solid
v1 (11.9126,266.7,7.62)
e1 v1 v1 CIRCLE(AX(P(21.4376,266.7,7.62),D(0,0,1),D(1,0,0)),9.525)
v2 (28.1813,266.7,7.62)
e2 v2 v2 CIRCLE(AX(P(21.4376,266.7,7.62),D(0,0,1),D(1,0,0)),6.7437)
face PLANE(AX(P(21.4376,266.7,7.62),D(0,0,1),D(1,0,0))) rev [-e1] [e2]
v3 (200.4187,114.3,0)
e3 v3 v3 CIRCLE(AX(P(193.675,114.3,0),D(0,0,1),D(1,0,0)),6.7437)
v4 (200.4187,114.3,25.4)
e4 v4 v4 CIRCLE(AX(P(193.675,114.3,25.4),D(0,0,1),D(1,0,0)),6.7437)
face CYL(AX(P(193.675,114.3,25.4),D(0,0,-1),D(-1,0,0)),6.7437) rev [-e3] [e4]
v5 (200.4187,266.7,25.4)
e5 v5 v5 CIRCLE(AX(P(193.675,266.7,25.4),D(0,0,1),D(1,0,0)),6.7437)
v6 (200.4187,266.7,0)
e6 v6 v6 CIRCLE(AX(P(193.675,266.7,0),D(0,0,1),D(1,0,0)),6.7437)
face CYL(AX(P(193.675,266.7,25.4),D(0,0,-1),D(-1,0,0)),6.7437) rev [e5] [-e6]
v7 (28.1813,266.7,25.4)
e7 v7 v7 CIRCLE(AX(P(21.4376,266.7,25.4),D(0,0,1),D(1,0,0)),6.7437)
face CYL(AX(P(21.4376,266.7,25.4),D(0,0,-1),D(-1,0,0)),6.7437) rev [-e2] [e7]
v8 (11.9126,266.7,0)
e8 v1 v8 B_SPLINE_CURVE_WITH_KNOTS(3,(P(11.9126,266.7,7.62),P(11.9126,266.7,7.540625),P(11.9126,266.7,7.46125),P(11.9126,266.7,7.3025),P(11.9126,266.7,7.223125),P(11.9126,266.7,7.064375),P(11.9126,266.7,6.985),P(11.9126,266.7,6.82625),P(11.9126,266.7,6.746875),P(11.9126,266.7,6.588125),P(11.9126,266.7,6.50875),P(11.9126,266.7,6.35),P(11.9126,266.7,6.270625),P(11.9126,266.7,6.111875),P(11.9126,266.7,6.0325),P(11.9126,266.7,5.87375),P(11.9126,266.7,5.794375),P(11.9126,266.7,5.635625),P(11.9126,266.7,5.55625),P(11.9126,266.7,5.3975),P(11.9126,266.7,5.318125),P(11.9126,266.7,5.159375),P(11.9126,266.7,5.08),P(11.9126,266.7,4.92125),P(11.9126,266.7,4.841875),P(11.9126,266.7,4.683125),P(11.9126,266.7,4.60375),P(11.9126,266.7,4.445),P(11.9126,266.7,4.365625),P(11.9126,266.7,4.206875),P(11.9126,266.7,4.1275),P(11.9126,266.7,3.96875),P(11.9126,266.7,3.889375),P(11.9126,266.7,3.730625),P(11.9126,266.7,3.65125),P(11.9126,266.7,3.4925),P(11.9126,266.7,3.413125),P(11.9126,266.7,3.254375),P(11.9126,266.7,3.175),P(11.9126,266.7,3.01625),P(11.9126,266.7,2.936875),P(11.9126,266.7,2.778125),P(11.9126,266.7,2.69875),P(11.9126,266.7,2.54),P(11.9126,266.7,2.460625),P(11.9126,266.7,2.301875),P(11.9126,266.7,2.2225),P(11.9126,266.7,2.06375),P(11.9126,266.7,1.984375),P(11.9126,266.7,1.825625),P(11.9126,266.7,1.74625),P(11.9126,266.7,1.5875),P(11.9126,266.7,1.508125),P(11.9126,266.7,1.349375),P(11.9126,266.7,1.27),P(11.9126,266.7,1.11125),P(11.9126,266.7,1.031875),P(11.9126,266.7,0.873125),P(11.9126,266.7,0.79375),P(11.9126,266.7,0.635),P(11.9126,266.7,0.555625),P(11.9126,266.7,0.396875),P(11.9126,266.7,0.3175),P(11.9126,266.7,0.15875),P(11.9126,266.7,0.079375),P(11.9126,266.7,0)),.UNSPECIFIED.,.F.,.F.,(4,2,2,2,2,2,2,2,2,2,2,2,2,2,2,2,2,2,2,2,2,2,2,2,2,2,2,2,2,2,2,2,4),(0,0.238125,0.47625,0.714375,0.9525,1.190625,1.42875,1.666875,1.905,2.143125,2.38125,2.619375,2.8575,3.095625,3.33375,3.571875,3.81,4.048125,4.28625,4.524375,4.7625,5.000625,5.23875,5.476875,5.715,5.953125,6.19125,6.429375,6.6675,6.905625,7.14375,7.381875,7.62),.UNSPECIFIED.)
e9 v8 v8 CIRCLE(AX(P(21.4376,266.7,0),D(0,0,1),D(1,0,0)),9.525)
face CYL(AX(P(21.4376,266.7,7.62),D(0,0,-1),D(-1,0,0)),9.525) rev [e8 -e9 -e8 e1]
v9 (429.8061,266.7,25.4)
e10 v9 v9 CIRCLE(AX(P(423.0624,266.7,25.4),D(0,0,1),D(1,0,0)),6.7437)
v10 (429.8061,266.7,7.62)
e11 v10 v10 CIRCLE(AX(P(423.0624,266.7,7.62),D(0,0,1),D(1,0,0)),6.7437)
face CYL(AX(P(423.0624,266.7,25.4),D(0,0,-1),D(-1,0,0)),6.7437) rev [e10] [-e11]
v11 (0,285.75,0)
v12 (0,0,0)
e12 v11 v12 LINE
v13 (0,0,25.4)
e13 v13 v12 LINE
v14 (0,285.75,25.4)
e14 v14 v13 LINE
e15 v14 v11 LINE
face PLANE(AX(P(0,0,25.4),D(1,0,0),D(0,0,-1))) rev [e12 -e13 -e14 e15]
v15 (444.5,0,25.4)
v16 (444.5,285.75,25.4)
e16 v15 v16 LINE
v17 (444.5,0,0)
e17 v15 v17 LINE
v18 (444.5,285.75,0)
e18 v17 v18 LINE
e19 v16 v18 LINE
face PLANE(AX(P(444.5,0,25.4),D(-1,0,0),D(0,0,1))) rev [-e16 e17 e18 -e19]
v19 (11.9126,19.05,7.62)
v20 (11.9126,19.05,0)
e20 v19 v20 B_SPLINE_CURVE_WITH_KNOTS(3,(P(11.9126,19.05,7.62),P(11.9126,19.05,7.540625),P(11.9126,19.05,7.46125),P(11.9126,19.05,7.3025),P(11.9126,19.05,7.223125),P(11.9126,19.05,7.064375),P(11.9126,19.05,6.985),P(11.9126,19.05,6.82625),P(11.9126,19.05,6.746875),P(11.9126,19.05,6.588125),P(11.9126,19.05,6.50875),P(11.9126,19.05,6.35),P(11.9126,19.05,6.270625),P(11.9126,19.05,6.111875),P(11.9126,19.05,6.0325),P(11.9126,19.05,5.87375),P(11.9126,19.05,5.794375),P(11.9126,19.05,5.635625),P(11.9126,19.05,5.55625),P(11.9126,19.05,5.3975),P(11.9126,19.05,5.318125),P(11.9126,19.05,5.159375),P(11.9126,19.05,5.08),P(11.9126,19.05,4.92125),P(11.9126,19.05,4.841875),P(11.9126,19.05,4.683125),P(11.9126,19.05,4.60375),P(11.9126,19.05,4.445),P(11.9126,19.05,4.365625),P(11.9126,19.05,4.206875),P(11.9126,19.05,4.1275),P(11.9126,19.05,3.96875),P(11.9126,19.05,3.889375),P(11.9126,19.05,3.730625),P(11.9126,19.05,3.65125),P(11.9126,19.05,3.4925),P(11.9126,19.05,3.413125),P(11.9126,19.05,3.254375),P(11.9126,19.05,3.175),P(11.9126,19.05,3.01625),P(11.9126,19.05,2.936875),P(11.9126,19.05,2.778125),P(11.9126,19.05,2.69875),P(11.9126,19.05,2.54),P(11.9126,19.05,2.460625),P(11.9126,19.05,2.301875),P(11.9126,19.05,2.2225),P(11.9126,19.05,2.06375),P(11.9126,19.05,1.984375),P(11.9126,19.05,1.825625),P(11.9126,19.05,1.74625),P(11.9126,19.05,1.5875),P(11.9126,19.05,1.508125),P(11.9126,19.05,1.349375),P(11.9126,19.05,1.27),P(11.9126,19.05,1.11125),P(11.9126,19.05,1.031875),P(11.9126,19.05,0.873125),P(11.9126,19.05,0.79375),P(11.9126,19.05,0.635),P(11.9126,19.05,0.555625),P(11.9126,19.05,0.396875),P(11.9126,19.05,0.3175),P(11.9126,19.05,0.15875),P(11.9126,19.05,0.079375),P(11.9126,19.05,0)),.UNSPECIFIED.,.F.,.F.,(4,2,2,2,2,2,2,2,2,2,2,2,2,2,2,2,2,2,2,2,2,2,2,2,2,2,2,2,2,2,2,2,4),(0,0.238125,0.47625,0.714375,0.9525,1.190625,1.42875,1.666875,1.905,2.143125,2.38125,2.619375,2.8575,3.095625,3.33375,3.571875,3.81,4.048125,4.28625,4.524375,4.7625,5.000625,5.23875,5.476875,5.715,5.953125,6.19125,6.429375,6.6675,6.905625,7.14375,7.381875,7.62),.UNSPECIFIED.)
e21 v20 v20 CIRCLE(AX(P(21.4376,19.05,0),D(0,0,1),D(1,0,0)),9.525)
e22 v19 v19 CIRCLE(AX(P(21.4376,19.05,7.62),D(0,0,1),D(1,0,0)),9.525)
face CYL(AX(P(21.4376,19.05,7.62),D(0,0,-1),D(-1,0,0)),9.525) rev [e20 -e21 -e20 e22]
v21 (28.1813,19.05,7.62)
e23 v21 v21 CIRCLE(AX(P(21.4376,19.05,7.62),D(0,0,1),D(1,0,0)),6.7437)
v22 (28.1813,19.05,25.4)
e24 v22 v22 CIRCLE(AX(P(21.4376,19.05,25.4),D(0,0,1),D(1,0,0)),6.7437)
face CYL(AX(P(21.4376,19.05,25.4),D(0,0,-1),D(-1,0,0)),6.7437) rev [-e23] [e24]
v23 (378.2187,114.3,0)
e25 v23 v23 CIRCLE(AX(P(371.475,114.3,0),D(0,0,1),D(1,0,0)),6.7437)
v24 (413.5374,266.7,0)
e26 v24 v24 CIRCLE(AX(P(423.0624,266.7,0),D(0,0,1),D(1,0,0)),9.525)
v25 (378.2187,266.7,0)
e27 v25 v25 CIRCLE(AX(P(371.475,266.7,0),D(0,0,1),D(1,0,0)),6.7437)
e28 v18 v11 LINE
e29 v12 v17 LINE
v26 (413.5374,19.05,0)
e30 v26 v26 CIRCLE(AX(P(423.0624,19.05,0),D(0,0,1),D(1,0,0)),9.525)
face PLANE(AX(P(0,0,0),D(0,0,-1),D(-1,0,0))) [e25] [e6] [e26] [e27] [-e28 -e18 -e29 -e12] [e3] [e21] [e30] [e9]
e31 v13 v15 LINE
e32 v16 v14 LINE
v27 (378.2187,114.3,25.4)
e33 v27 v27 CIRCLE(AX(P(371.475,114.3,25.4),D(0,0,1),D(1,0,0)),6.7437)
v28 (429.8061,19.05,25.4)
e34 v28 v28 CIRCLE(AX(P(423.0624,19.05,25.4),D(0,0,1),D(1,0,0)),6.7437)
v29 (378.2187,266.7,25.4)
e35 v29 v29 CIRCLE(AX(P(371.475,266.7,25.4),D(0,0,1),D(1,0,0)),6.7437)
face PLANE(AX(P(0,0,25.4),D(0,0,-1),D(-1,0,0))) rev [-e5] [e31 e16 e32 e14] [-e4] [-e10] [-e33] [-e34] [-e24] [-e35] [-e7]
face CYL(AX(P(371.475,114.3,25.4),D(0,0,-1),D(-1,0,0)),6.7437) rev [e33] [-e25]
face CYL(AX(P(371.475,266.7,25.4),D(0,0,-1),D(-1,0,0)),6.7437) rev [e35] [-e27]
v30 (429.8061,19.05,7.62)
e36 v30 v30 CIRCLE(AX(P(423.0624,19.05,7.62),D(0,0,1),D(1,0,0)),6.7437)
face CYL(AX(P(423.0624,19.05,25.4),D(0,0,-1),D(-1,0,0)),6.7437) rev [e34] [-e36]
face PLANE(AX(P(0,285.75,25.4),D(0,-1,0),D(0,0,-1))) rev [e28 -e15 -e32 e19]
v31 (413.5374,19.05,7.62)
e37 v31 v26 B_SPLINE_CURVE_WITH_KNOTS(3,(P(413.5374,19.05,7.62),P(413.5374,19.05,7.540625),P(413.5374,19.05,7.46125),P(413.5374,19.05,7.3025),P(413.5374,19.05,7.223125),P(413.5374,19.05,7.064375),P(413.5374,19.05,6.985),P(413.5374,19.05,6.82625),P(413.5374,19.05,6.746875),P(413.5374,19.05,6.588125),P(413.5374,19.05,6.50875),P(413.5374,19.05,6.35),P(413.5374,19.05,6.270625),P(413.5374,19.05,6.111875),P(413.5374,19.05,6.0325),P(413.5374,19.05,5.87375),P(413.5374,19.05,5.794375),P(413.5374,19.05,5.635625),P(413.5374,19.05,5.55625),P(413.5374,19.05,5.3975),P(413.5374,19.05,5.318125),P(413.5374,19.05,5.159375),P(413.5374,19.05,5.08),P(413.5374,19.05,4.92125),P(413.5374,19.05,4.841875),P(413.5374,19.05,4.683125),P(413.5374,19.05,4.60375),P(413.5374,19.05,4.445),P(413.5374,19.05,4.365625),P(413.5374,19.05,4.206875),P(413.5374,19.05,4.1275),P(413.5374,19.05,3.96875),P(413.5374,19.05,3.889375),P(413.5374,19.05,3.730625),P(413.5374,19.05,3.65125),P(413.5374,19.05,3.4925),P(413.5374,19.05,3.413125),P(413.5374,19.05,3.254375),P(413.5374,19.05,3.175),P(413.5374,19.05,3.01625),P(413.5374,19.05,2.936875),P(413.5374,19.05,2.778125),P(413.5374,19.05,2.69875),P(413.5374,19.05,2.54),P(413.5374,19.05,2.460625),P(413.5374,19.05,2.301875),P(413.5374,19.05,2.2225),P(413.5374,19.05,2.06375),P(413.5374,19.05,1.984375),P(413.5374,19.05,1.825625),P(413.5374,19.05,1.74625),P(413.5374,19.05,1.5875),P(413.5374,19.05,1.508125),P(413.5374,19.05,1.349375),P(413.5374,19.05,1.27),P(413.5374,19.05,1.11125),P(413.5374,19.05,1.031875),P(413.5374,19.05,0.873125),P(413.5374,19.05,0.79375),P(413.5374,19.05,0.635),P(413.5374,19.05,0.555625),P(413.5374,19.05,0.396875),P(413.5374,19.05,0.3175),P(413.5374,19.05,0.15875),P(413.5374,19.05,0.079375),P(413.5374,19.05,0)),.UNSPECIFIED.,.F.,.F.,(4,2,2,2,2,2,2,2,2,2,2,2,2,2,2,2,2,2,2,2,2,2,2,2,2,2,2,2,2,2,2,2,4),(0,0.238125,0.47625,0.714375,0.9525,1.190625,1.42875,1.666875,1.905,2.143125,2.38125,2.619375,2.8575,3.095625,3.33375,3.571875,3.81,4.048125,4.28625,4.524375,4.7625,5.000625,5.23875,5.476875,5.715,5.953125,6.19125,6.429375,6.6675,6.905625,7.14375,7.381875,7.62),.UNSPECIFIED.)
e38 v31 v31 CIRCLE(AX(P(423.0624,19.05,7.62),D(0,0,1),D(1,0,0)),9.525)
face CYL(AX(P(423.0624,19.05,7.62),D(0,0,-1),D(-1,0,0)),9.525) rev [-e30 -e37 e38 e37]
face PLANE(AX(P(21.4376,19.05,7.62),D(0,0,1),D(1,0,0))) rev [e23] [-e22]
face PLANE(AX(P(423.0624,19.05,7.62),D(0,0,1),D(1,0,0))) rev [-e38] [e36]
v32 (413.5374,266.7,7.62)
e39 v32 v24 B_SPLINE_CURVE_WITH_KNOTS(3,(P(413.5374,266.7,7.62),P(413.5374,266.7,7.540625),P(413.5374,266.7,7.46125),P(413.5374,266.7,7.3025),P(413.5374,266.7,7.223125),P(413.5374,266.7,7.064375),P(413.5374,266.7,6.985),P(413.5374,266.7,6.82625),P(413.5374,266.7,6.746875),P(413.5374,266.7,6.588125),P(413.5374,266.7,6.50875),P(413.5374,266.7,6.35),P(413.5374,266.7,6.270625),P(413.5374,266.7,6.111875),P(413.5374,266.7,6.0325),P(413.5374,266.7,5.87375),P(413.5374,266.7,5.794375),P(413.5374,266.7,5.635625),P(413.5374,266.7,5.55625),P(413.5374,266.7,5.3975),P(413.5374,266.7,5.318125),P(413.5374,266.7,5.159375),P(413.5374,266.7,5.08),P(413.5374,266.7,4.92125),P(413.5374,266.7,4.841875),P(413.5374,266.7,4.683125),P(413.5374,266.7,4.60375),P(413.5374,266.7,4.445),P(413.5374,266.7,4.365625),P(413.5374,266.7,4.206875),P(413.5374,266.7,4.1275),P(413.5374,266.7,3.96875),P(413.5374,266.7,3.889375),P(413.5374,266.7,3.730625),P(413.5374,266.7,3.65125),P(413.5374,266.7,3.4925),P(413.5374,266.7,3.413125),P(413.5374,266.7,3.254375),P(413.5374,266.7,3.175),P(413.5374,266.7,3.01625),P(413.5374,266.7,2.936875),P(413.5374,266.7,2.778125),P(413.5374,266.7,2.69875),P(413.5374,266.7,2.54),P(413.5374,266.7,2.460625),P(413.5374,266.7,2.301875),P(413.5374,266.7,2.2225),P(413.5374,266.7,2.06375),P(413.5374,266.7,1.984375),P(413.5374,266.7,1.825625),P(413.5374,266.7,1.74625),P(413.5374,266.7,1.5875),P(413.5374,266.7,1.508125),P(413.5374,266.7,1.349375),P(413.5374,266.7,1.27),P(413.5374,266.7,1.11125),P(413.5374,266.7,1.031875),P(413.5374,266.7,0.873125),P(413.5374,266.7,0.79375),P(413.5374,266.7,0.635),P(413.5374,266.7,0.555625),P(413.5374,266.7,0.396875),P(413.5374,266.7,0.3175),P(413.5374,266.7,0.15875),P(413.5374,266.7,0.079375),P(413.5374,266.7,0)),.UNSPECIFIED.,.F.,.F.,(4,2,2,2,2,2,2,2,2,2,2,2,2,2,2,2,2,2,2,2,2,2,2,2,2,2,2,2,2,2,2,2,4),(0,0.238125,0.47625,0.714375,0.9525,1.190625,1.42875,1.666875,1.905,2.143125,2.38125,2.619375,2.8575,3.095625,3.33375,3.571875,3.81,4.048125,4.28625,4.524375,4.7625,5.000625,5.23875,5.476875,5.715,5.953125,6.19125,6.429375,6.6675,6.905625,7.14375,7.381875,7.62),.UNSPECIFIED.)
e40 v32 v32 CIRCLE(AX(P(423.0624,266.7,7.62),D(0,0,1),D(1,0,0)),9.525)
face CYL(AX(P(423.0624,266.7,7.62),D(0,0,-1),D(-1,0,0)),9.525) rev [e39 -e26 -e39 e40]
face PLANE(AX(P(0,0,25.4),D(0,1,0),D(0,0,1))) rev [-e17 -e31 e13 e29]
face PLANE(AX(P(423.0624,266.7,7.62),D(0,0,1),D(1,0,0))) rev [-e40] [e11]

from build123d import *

# Parameters (mm, degrees)
SKETCH1_W           = 444.5
SKETCH1_H           = 285.75
BOSS_EXTRUDE1_DEPTH = 25.4
SKETCH2_R           = 6.7437
CUT_EXTRUDE1_DEPTH  = 530.035417056
SKETCH3_R           = 9.525
CUT_EXTRUDE2_DEPTH  = 7.62
SKETCH4_R           = 6.7437
CUT_EXTRUDE3_DEPTH  = 530.035417056


with BuildPart() as part:
    # Sketch1 → Boss-Extrude1 (new body)
    with BuildSketch(Plane.XY):
        with Locations((222.25, 142.875)):
            Rectangle(SKETCH1_W, SKETCH1_H)
    extrude(amount=BOSS_EXTRUDE1_DEPTH)

    # Sketch2 → Cut-Extrude1 (cut, through all)
    with BuildSketch(Plane.XY):
        with Locations((21.4376, 266.7)):
            Circle(SKETCH2_R)
        with Locations((423.0624, 266.7)):
            Circle(SKETCH2_R)
        with Locations((21.4376, 19.05)):
            Circle(SKETCH2_R)
        with Locations((423.0624, 19.05)):
            Circle(SKETCH2_R)
    extrude(amount=CUT_EXTRUDE1_DEPTH, mode=Mode.SUBTRACT)

    # Sketch3 → Cut-Extrude2 (cut)
    with BuildSketch(Plane.XY):
        with Locations(Location((21.4376, 266.7, 0), (0, 0, 180))):
            Circle(SKETCH3_R)
        with Locations(Location((423.0624, 266.7, 0), (0, 0, 180))):
            Circle(SKETCH3_R)
        with Locations(Location((21.4376, 19.05, 0), (0, 0, 180))):
            Circle(SKETCH3_R)
        with Locations(Location((423.0624, 19.05, 0), (0, 0, 180))):
            Circle(SKETCH3_R)
    extrude(amount=CUT_EXTRUDE2_DEPTH, mode=Mode.SUBTRACT)

    # Sketch4 → Cut-Extrude3 (cut, through all)
    with BuildSketch(Plane.XY):
        with Locations((193.675, 114.3)):
            Circle(SKETCH4_R)
        with Locations((371.475, 114.3)):
            Circle(SKETCH4_R)
        with Locations((193.675, 266.7)):
            Circle(SKETCH4_R)
        with Locations((371.475, 266.7)):
            Circle(SKETCH4_R)
    extrude(amount=CUT_EXTRUDE3_DEPTH, mode=Mode.SUBTRACT)


solid = part.part
